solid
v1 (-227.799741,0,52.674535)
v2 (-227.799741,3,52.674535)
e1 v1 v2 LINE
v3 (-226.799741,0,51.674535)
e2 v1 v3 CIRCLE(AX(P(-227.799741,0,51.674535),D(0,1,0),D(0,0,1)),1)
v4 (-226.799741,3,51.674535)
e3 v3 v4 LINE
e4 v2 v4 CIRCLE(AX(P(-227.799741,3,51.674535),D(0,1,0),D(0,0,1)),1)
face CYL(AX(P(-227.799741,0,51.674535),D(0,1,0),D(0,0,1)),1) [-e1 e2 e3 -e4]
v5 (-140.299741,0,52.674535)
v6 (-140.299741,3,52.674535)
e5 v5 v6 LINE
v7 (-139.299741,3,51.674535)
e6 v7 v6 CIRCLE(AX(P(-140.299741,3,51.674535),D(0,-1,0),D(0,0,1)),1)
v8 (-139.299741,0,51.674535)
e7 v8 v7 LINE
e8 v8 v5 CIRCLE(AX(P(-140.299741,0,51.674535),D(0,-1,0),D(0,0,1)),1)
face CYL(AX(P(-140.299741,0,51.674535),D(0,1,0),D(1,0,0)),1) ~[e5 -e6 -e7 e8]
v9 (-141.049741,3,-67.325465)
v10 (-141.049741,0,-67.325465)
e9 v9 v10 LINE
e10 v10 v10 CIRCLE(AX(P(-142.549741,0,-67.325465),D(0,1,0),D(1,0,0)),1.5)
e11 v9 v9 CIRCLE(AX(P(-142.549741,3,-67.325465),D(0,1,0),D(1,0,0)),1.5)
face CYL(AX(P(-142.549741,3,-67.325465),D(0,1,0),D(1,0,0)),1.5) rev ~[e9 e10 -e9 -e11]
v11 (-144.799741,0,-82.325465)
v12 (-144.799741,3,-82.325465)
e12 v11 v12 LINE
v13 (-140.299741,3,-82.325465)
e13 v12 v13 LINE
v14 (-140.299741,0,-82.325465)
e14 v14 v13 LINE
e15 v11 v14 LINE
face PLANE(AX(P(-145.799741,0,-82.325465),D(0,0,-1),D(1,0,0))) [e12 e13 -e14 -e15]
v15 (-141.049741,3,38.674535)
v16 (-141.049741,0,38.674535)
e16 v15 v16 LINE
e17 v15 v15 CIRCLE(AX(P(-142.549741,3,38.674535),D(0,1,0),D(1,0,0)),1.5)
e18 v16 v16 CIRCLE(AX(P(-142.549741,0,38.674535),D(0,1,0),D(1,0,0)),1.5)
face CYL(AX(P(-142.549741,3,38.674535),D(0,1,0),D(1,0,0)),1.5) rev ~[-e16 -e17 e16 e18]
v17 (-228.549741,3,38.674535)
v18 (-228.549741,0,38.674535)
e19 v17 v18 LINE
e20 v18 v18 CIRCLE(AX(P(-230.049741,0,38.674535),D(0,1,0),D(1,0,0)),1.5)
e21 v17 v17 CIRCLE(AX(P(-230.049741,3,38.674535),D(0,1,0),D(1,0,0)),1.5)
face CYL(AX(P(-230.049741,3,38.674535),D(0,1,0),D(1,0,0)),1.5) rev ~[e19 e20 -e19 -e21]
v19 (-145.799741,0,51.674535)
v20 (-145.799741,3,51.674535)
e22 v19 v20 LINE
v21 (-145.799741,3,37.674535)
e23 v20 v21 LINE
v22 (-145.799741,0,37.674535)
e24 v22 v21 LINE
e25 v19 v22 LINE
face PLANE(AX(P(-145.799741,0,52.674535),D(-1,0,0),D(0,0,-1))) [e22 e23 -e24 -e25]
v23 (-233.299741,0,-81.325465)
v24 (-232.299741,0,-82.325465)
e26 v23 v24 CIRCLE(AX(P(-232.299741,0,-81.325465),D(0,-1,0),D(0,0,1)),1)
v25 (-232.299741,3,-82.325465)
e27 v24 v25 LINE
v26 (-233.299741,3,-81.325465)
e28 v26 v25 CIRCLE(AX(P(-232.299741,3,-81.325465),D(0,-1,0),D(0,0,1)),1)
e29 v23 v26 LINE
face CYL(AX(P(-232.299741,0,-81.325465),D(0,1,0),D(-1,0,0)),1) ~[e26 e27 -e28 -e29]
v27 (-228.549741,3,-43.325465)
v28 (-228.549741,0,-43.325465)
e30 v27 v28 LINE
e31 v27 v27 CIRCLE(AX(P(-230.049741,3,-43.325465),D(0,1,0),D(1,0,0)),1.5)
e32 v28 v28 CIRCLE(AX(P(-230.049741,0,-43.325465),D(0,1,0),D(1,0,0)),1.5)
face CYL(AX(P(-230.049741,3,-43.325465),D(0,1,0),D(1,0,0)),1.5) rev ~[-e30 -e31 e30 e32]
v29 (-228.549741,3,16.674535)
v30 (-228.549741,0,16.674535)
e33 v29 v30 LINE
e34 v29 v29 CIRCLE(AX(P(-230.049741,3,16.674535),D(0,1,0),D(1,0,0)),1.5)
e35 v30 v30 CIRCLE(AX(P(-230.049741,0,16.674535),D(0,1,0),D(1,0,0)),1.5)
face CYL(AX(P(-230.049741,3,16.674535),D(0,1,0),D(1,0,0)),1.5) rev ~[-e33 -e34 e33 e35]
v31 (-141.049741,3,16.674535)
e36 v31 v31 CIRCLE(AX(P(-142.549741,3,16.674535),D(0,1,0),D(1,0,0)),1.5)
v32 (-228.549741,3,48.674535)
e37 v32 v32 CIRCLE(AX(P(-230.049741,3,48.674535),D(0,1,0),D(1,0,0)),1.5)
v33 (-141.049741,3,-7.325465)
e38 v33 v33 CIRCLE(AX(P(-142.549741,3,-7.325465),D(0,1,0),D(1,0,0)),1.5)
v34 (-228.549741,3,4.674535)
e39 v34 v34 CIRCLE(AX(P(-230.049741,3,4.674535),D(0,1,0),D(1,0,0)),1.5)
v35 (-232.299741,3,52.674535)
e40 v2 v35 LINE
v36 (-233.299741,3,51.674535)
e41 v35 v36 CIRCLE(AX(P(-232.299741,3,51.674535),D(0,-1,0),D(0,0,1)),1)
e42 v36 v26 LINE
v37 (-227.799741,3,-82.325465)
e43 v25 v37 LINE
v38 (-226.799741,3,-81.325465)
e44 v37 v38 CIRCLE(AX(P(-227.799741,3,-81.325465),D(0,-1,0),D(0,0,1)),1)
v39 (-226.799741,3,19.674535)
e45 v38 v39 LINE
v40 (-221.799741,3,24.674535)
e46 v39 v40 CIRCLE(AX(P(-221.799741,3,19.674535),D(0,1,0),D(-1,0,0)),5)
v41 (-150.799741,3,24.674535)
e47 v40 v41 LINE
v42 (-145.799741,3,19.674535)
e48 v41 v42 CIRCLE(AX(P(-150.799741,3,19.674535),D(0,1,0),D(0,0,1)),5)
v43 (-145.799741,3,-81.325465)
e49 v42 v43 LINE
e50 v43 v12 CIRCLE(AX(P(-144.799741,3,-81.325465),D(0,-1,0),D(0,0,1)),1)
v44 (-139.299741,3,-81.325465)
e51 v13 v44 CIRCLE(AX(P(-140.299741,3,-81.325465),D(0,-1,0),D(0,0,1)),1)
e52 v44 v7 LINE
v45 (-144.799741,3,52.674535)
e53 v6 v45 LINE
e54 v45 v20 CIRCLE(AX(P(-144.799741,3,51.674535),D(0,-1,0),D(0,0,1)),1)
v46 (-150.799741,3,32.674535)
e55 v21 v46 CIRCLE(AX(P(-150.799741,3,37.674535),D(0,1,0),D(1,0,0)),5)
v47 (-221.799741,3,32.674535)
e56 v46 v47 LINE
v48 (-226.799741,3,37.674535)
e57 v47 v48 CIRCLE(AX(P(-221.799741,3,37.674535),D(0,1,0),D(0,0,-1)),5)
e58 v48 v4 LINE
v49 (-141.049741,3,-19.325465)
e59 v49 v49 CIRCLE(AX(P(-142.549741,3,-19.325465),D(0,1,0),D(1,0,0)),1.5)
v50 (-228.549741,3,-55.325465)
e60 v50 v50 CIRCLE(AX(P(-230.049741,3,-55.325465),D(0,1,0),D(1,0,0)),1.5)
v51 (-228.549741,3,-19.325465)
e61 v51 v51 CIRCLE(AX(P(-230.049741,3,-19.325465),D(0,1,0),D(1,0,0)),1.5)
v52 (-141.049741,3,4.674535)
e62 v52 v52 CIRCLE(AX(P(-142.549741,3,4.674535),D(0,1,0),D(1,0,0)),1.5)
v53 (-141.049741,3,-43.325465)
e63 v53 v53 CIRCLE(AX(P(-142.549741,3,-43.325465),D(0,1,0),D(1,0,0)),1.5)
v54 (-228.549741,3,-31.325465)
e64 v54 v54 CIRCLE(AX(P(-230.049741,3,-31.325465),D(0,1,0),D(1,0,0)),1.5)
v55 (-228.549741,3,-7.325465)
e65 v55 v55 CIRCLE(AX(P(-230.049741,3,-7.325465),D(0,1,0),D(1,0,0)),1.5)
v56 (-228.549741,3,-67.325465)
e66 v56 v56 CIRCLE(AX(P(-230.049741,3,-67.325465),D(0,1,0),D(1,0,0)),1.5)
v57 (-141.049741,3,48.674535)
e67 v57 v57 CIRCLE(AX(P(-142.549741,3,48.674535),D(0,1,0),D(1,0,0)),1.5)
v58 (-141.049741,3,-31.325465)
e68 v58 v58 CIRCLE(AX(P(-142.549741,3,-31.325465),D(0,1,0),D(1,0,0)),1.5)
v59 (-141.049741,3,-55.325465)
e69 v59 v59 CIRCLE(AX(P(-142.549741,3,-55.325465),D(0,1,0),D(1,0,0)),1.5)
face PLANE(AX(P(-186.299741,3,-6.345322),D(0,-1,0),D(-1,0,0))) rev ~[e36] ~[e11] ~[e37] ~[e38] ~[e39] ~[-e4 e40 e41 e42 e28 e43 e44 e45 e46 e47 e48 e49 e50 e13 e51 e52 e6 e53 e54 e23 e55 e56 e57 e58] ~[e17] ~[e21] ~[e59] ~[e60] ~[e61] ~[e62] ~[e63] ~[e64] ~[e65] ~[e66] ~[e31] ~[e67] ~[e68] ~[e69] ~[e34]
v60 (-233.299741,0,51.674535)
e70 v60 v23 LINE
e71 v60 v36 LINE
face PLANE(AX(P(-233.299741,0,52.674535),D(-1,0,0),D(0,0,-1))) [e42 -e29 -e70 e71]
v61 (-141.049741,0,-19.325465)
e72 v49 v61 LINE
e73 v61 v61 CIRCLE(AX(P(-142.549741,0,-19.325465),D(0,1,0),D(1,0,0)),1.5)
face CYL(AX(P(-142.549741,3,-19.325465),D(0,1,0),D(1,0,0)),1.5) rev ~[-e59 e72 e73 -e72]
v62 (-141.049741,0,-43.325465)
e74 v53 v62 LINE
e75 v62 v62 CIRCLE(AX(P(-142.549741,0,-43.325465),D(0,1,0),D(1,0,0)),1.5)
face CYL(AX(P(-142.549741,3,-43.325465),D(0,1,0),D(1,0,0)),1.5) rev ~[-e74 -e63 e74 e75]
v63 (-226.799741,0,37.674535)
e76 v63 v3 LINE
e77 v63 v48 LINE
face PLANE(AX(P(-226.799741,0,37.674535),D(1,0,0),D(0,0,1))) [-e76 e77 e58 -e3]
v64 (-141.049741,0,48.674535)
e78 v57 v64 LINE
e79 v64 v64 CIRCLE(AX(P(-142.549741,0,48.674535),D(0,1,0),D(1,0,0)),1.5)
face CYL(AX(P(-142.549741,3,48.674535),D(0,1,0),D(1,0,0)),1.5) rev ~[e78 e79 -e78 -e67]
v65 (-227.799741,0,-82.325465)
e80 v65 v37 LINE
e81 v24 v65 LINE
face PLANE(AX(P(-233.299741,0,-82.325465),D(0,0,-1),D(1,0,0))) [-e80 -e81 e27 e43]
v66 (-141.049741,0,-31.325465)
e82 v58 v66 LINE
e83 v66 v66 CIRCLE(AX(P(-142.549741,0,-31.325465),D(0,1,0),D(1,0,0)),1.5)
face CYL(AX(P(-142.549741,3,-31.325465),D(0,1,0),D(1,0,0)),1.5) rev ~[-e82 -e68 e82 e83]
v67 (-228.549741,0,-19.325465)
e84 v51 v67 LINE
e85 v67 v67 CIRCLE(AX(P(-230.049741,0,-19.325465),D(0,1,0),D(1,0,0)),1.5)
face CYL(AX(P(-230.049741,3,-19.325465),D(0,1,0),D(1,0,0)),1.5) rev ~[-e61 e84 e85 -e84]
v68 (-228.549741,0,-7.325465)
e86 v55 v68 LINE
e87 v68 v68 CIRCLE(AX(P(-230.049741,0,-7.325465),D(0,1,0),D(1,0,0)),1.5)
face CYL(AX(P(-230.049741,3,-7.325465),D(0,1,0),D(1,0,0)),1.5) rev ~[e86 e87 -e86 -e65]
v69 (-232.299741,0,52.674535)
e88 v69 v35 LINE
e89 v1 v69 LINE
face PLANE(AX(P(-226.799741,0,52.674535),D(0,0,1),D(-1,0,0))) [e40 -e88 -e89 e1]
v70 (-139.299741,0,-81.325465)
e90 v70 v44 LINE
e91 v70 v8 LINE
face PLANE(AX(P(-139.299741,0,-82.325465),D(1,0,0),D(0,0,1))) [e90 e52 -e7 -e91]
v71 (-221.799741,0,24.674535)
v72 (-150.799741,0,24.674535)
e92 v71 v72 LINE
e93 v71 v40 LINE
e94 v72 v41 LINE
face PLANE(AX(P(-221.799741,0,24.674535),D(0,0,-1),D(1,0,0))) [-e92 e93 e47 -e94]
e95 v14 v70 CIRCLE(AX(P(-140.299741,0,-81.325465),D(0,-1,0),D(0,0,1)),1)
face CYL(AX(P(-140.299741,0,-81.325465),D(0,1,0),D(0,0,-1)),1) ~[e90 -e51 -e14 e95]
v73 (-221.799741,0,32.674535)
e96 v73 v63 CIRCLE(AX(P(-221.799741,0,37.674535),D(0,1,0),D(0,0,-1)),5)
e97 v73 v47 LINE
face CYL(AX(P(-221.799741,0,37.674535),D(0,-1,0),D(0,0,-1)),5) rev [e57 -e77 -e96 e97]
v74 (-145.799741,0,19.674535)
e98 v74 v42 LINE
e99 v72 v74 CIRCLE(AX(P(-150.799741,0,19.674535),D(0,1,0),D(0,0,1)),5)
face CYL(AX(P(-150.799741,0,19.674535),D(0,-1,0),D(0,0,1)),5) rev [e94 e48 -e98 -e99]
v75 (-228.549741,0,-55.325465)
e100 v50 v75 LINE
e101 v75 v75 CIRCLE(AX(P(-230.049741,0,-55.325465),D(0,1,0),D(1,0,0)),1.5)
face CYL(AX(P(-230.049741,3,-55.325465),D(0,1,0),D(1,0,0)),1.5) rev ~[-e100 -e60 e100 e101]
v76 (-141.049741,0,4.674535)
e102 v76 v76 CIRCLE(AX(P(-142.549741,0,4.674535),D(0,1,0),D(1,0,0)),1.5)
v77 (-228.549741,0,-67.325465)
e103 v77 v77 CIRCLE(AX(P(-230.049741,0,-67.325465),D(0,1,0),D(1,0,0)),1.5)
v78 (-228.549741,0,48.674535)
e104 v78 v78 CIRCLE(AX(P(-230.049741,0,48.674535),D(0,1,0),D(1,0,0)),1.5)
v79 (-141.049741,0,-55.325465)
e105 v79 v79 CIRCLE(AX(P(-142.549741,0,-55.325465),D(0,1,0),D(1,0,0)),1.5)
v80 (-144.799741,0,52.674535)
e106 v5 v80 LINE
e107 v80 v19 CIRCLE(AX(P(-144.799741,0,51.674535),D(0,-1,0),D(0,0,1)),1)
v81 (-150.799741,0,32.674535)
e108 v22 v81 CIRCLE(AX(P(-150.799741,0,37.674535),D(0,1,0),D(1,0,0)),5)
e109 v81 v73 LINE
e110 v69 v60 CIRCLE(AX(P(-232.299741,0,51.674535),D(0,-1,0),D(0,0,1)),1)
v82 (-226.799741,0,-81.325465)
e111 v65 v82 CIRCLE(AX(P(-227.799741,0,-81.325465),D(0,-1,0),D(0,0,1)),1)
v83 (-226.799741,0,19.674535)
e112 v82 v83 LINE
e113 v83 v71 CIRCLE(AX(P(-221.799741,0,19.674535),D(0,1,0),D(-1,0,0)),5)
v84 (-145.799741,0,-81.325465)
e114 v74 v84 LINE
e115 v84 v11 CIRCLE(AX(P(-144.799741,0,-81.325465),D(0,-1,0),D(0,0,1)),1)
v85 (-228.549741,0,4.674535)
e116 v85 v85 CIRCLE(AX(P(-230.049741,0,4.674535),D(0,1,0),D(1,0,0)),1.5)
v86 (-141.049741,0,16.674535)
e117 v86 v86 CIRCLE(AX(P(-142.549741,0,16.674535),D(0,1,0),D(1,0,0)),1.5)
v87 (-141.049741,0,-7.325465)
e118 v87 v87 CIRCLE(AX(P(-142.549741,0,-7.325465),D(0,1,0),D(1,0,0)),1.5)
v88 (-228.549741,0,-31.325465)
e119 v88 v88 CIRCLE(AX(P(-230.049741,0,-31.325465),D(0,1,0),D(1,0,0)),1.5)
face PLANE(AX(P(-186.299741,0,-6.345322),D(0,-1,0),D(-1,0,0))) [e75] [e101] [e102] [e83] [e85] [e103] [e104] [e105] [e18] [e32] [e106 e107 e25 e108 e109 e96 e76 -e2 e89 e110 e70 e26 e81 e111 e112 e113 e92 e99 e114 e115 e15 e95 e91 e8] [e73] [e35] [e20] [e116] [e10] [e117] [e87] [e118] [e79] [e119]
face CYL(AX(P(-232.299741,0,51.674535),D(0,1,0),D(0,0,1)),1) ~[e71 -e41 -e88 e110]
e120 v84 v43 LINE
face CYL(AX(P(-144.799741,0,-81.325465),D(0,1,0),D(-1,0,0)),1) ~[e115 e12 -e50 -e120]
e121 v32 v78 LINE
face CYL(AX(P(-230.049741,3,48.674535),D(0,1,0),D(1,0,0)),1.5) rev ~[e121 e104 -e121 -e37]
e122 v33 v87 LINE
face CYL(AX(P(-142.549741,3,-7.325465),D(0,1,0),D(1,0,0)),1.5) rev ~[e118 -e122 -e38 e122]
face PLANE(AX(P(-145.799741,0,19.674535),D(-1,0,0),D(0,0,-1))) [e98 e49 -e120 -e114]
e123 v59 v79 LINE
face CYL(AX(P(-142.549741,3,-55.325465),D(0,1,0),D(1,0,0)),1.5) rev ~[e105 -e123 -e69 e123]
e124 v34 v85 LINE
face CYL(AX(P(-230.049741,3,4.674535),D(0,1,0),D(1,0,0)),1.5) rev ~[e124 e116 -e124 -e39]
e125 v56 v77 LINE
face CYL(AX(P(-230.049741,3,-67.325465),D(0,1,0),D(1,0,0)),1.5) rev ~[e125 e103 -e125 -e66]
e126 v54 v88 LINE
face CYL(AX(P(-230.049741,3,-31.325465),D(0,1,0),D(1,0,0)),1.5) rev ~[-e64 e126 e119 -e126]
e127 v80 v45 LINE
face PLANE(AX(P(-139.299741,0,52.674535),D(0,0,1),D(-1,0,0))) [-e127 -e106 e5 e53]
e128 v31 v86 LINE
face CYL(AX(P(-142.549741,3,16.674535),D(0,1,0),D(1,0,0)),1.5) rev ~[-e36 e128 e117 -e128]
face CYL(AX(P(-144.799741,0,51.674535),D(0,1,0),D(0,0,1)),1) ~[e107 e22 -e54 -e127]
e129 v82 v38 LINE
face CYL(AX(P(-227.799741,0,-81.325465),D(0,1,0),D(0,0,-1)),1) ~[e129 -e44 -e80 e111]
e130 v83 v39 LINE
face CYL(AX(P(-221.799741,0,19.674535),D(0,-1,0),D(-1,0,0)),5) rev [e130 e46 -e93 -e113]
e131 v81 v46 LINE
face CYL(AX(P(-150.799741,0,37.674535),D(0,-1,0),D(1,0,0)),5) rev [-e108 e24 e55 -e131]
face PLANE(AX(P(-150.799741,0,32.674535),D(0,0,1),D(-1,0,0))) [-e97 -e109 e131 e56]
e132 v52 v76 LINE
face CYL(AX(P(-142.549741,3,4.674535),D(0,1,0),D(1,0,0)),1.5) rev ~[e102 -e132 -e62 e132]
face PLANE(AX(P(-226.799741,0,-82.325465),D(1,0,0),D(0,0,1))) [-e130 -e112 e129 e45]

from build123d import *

# Parameters (mm, degrees)
BOSS_EXTRUDE1_DEPTH = 3
FILLET1_R           = 1
SKETCH2_R           = 1.5
CUT_EXTRUDE1_DEPTH  = 3


with BuildPart() as part:
    # Sketch1 → Boss-Extrude1 (new body)
    with BuildSketch(Plane(origin=(0, 0, 0), x_dir=(1, 0, 0), z_dir=(0, 1, 0))):
        with BuildLine():
            Line((-226.799741314, -52.674534602), (-233.299741314, -52.674534602))
            Line((-233.299741314, -52.674534602), (-233.299741314, 67.325465398))
            Line((-233.299741314, 67.325465398), (-233.299741314, 82.325465398))
            Line((-233.299741314, 82.325465398), (-226.799741314, 82.325465398))
            Line((-226.799741314, 82.325465398), (-226.799741314, 67.325465398))
            Line((-226.799741314, 67.325465398), (-226.799741314, -19.674534602))
            ThreePointArc((-226.799741314, -19.674534602), (-225.33527522, -23.210068508), (-221.799741314, -24.674534602))
            Line((-221.799741314, -24.674534602), (-150.799741314, -24.674534602))
            ThreePointArc((-150.799741314, -24.674534602), (-147.264207408, -23.210068508), (-145.799741314, -19.674534602))
            Line((-145.799741314, -19.674534602), (-145.799741314, 67.325465398))
            Line((-145.799741314, 67.325465398), (-145.799741314, 82.325465398))
            Line((-145.799741314, 82.325465398), (-139.299741314, 82.325465398))
            Line((-139.299741314, 82.325465398), (-139.299741314, 67.325465398))
            Line((-139.299741314, 67.325465398), (-139.299741314, -52.674534602))
            Line((-139.299741314, -52.674534602), (-145.799741314, -52.674534602))
            Line((-145.799741314, -52.674534602), (-145.799741314, -37.674534602))
            ThreePointArc((-145.799741314, -37.674534602), (-147.264207408, -34.139000697), (-150.799741314, -32.674534602))
            Line((-150.799741314, -32.674534602), (-221.799741314, -32.674534602))
            ThreePointArc((-221.799741314, -32.674534602), (-225.33527522, -34.139000697), (-226.799741314, -37.674534602))
            Line((-226.799741314, -37.674534602), (-226.799741314, -52.674534602))
        make_face()
    extrude(amount=BOSS_EXTRUDE1_DEPTH)

    # Fillet1
    fillet1_edges = [part.edges().sort_by_distance(p)[0] for p in [
        (-145.799741314, 1.5, -82.325465398),
        (-139.299741314, 1.5, -82.325465398),
        (-139.299741314, 1.5, 52.674534602),
        (-145.799741314, 1.5, 52.674534602),
        (-226.799741314, 1.5, 52.674534602),
        (-233.299741314, 1.5, 52.674534602),
        (-233.299741314, 1.5, -82.325465398),
        (-226.799741314, 1.5, -82.325465398),
    ]]
    fillet(fillet1_edges, radius=FILLET1_R)

    # Sketch2 → Cut-Extrude1 (cut)
    with BuildSketch(Plane(origin=(0, 3, 0), x_dir=(1, 0, 0), z_dir=(0, 1, 0))):
        with Locations((-230.049741314, 7.325465398)):
            Circle(SKETCH2_R)
        with Locations((-142.549741314, 7.325465398)):
            Circle(SKETCH2_R)
        with Locations((-230.049741314, 31.325465398)):
            Circle(SKETCH2_R)
        with Locations((-230.049741314, 55.325465398)):
            Circle(SKETCH2_R)
        with Locations((-230.049741314, 43.325465398)):
            Circle(SKETCH2_R)
        with Locations((-230.049741314, 19.325465398)):
            Circle(SKETCH2_R)
        with Locations((-230.049741314, -4.674534602)):
            Circle(SKETCH2_R)
        with Locations((-142.549741314, -4.674534602)):
            Circle(SKETCH2_R)
        with Locations((-230.049741314, -38.674534602)):
            Circle(SKETCH2_R)
        with Locations((-230.049741314, -48.674534602)):
            Circle(SKETCH2_R)
        with Locations((-142.549741314, -38.674534602)):
            Circle(SKETCH2_R)
        with Locations((-142.549741314, -48.674534602)):
            Circle(SKETCH2_R)
        with Locations((-142.549741314, 19.325465398)):
            Circle(SKETCH2_R)
        with Locations((-142.549741314, 31.325465398)):
            Circle(SKETCH2_R)
        with Locations((-142.549741314, 43.325465398)):
            Circle(SKETCH2_R)
        with Locations((-142.549741314, 55.325465398)):
            Circle(SKETCH2_R)
        with Locations((-230.049741314, -16.674534602)):
            Circle(SKETCH2_R)
        with Locations((-142.549741314, -16.674534602)):
            Circle(SKETCH2_R)
        with Locations((-230.049741314, 67.325465398)):
            Circle(SKETCH2_R)
        with Locations((-142.549741314, 67.325465398)):
            Circle(SKETCH2_R)
    extrude(amount=-CUT_EXTRUDE1_DEPTH, mode=Mode.SUBTRACT)


solid = part.part
